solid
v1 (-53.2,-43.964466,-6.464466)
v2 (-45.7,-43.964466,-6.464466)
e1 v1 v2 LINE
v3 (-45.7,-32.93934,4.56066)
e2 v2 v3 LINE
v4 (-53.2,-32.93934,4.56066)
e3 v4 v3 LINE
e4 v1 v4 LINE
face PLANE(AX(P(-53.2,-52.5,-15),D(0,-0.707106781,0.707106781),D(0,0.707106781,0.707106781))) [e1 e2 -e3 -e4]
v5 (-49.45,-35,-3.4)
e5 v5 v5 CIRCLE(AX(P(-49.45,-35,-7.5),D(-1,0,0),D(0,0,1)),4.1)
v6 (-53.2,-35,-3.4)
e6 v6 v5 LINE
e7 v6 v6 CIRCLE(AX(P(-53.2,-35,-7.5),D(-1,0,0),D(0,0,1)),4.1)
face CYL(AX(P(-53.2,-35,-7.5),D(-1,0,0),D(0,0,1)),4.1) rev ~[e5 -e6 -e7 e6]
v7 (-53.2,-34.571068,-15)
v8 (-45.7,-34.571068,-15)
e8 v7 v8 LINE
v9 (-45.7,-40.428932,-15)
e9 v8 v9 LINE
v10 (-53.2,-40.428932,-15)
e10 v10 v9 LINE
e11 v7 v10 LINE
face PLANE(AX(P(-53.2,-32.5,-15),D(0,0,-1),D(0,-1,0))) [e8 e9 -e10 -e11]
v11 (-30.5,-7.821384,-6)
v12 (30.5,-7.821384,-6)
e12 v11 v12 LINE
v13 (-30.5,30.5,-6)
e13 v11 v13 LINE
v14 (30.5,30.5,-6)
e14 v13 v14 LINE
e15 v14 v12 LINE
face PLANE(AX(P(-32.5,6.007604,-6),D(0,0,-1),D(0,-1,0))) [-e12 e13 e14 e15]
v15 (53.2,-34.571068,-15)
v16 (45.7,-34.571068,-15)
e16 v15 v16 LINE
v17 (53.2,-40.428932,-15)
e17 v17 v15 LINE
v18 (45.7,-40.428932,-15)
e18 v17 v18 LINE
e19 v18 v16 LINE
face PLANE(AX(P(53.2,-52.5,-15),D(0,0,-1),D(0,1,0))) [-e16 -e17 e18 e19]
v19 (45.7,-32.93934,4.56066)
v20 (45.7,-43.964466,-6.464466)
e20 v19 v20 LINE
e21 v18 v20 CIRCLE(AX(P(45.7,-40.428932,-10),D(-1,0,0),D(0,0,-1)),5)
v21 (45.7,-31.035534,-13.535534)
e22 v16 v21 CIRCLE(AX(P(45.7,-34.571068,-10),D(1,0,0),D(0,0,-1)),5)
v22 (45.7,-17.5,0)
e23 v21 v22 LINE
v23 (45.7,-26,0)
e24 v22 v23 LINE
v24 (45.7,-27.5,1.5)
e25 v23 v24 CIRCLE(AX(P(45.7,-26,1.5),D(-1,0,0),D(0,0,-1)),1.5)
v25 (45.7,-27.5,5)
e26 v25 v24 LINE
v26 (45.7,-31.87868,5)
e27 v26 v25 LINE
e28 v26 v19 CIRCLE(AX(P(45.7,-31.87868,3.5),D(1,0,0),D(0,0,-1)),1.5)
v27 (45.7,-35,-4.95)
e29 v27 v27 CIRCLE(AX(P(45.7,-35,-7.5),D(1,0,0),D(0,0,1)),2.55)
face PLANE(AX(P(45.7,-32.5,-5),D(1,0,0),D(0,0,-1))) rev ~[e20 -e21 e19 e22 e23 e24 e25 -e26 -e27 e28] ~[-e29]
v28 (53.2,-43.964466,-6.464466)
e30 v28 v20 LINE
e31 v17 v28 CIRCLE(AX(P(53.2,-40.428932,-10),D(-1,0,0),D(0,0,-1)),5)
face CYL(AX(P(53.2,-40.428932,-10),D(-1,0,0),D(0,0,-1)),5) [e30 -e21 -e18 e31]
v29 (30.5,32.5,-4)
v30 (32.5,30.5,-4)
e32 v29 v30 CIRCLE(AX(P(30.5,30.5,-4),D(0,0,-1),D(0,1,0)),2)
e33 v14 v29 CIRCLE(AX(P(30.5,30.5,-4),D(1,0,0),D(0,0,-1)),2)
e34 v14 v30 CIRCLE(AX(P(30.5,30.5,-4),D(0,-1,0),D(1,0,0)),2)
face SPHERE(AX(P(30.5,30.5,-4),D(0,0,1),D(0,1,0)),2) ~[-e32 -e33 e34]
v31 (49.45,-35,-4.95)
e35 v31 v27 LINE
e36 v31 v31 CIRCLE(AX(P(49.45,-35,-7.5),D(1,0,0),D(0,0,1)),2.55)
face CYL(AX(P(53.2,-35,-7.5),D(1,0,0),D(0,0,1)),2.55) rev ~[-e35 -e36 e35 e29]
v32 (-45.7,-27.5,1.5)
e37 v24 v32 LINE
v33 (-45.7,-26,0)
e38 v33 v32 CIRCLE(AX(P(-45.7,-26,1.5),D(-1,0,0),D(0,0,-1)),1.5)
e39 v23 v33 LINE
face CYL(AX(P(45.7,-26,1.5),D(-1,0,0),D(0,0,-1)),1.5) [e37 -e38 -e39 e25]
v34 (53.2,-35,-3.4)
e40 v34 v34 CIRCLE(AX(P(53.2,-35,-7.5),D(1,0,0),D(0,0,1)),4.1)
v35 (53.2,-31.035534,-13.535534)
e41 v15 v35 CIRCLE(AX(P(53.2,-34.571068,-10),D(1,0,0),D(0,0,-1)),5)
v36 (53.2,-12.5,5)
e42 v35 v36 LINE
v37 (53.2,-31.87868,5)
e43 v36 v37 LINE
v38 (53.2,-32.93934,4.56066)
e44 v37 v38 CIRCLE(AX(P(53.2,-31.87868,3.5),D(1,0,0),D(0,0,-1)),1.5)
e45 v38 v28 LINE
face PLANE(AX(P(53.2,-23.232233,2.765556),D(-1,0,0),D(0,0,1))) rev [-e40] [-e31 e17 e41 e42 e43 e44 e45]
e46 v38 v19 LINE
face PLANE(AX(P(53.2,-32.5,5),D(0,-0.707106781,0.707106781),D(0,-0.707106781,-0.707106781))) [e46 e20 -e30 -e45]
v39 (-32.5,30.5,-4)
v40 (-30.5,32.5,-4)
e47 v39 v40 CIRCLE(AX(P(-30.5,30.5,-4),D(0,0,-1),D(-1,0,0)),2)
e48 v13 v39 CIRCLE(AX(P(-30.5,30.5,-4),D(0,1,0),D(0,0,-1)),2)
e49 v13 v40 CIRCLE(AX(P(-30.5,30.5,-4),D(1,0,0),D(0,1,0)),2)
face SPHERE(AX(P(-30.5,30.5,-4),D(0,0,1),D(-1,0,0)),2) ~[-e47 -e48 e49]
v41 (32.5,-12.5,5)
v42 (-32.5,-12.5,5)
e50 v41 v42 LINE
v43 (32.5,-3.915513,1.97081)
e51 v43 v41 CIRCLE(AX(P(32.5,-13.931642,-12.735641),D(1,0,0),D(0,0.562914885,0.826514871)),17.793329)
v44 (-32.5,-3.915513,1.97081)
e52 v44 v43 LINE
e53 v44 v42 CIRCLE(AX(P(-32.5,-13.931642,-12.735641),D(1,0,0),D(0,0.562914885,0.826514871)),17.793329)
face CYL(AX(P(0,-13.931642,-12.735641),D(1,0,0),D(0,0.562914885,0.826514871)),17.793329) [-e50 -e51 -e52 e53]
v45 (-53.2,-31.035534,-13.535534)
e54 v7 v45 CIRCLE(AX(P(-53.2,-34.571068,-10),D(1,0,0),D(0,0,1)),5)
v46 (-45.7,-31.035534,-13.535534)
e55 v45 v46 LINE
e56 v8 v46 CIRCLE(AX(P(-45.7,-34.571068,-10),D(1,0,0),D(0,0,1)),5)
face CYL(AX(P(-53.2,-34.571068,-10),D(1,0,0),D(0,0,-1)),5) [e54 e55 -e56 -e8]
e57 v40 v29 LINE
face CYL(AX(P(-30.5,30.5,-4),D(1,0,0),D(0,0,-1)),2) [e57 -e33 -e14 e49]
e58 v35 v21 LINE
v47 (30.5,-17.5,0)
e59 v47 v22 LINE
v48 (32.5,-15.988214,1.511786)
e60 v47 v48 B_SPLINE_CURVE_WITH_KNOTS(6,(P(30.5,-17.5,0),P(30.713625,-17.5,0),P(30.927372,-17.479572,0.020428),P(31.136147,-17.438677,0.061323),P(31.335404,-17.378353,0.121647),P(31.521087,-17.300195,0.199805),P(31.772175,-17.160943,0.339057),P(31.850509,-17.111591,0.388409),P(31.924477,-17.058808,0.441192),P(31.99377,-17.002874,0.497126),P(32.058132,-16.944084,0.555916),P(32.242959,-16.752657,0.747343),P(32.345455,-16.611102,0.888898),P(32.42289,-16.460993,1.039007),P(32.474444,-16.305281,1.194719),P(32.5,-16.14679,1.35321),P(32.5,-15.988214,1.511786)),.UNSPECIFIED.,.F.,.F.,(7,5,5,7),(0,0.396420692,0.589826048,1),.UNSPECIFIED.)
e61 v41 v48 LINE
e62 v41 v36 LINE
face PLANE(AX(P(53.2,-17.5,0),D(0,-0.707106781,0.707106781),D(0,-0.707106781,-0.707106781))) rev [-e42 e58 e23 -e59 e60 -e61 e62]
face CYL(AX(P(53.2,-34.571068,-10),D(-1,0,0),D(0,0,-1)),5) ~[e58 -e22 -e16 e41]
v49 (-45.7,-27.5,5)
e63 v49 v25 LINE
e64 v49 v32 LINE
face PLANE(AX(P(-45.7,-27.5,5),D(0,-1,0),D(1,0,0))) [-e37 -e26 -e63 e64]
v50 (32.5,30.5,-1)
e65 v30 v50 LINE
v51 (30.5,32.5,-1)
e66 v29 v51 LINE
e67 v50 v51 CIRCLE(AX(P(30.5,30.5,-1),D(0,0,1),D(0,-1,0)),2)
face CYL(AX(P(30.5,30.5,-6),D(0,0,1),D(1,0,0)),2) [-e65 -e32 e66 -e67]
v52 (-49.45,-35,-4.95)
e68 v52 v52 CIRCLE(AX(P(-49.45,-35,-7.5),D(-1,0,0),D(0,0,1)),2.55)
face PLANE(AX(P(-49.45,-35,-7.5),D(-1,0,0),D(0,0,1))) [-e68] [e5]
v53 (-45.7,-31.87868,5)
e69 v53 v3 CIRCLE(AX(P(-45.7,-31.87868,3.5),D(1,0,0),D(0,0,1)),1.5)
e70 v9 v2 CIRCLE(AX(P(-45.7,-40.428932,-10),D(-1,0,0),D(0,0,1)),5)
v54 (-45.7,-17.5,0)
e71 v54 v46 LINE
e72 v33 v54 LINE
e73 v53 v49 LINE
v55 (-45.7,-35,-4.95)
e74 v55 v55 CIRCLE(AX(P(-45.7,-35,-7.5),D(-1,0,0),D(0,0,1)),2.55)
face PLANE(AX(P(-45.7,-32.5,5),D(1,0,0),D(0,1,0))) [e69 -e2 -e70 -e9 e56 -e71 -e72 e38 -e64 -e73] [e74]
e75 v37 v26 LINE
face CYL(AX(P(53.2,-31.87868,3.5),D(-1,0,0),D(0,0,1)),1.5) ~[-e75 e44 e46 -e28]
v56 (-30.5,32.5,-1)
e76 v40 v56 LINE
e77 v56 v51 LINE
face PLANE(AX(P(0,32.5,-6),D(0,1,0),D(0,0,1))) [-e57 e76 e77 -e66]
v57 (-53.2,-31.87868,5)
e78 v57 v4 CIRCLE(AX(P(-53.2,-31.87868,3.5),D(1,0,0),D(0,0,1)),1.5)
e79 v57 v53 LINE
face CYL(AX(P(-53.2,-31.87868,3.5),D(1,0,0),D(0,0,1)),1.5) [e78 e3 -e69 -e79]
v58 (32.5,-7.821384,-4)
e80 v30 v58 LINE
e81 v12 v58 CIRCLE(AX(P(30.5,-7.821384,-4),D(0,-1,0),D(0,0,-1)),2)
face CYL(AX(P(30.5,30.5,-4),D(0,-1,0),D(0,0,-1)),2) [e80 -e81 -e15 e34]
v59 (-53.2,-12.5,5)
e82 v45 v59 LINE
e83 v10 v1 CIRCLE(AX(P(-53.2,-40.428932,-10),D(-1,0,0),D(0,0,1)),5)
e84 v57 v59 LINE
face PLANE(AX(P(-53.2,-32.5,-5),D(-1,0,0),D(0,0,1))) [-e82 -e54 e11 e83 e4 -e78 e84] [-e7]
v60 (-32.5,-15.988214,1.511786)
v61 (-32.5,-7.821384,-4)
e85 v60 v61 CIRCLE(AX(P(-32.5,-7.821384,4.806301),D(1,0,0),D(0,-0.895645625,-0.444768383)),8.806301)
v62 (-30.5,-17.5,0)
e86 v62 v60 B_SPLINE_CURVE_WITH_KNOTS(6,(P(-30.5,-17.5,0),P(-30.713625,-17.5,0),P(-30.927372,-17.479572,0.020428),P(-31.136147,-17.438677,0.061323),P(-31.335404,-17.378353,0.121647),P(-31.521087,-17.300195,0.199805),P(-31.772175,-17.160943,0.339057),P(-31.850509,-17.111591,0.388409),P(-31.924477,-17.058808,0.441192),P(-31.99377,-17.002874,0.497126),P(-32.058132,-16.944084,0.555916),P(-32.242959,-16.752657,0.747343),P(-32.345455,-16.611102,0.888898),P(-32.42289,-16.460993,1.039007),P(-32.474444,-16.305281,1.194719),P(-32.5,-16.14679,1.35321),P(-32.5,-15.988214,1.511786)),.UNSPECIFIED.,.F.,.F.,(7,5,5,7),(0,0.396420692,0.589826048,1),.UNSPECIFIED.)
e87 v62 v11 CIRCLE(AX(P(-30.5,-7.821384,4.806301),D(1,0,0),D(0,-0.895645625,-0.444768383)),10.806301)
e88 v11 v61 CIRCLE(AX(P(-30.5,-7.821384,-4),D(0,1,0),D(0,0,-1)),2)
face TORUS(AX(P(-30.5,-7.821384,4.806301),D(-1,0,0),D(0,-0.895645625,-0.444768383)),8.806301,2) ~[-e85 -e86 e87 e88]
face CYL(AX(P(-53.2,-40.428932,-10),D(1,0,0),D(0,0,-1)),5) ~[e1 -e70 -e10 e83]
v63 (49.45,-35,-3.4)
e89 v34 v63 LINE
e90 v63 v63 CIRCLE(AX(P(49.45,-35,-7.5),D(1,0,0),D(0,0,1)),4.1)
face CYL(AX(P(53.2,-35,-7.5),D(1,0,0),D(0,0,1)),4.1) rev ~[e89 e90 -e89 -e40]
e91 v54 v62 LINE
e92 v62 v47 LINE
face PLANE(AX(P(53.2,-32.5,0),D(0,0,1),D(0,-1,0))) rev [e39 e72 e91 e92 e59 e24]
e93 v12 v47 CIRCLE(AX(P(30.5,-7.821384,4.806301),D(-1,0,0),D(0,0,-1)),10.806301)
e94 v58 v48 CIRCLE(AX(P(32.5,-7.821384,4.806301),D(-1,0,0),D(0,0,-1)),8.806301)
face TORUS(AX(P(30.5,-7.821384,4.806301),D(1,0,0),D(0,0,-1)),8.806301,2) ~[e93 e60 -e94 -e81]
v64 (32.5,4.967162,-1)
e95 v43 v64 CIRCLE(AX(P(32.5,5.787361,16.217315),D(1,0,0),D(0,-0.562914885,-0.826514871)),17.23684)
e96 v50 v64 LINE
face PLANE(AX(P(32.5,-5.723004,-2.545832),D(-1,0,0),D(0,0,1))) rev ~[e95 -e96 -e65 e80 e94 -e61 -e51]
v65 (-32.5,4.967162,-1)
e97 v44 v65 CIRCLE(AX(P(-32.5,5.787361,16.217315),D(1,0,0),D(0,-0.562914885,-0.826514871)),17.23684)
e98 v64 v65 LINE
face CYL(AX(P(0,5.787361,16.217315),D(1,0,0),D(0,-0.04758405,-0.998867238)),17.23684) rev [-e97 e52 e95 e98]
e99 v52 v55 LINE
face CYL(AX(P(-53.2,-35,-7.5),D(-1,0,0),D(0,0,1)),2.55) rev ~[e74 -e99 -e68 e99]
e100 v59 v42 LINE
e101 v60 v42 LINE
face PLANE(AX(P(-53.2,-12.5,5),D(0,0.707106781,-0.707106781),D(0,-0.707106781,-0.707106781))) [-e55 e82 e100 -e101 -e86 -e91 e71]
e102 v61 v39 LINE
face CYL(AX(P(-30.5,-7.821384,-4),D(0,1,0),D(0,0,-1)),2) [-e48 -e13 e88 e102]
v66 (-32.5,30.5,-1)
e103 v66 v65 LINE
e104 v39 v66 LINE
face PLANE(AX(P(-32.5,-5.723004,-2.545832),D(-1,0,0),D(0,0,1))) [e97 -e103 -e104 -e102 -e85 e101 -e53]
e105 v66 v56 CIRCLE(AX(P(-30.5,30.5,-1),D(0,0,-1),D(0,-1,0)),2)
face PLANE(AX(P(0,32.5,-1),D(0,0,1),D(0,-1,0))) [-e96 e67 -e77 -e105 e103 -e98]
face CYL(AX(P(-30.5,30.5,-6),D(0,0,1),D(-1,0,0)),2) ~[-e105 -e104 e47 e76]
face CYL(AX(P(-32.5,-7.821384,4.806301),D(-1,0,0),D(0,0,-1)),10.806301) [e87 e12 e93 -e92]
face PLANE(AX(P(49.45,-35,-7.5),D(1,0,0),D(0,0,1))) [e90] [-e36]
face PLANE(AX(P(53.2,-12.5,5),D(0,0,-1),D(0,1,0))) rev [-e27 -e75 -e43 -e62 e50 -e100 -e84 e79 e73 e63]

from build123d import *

# Parameters (mm, degrees)
SKETCH1_W           = 65
SKETCH1_H           = 65
BOSS_EXTRUDE1_DEPTH = 5
BOSS_EXTRUDE3_DEPTH = 7.5
BOSS_EXTRUDE5_DEPTH = 85.7
SKETCH8_R           = 2.55
CUT_EXTRUDE4_DEPTH  = 102.615648401
SKETCH8_3_R         = 4.1
SKETCH8_3_R_2       = 2.55
CUT_EXTRUDE5_DEPTH  = 3.75
SKETCH9_R           = 2.55
BOSS_EXTRUDE6_DEPTH = 7.5
SKETCH10_R          = 4.1
CUT_EXTRUDE6_DEPTH  = 3.75
BOSS_EXTRUDE7_DEPTH = 32.5
CUT_EXTRUDE7_DEPTH  = 32.5
FILLET1_R           = 5
SKETCH14_W          = 91.4
SKETCH14_H          = 5
CUT_EXTRUDE8_DEPTH  = 10
FILLET2_R           = 1.5
FILLET7_R           = 2
BOSS_EXTRUDE9_DEPTH = 65
FILLET9_R           = 2


with BuildPart() as part:
    # Sketch1 → Boss-Extrude1 (new body)
    with BuildSketch(Plane.XY):
        Rectangle(SKETCH1_W, SKETCH1_H)
    extrude(amount=BOSS_EXTRUDE1_DEPTH)



with BuildPart() as body_2:
    # Sketch4 → Boss-Extrude3 (new body)
    with BuildSketch(Plane.ZY.offset(53.2)):
        Polygon((5, -12.5), (-15, -32.5), (-15, -52.5), (5, -32.5), align=None)
    extrude(amount=-BOSS_EXTRUDE3_DEPTH)


with BuildPart() as part_1:
    add(part.part)

    add(body_2.part)  # Boss-Extrude5 merges body 2
    # Sketch7 → Boss-Extrude5 (add)
    with BuildSketch(Plane(origin=(-53.2, 0, 0), x_dir=(0, 0, -1), z_dir=(1, 0, 0))):
        Polygon((-5, -32.5), (0, -32.5), (0, -17.5), (-5, -12.5), align=None)
    boss_extrude5 = extrude(amount=BOSS_EXTRUDE5_DEPTH)

    # Sketch8 → Cut-Extrude4 (cut, through all)
    with BuildSketch(Plane.ZY.offset(53.2)):
        with Locations((-7.5, -35)):
            Circle(SKETCH8_R)
    extrude(amount=-CUT_EXTRUDE4_DEPTH, mode=Mode.SUBTRACT)

    # Sketch8<3> → Cut-Extrude5 (cut)
    with BuildSketch(Plane.ZY.offset(53.2)):
        with Locations((-7.5, -35)):
            Circle(SKETCH8_3_R)
        with Locations((-7.5, -35)):
            Circle(SKETCH8_3_R_2, mode=Mode.SUBTRACT)
    extrude(amount=-CUT_EXTRUDE5_DEPTH, mode=Mode.SUBTRACT)

    # Mirror5: Boss-Extrude5 across plane
    add(boss_extrude5.mirror(Plane(origin=(0, 0, 0), x_dir=(0, 0, 1), z_dir=(1, 0, 0))))

    # Sketch9 → Boss-Extrude6 (add)
    with BuildSketch(Plane(origin=(53.2, 0, 0), x_dir=(0, 0, -1), z_dir=(1, 0, 0))):
        Polygon((0, -17.5), (-5, -12.5), (-5, -32.5), (15, -52.5), (15, -32.5), align=None)
        with Locations(Location((7.5, -35, 0), (0, 0, 180))):
            Circle(SKETCH9_R, mode=Mode.SUBTRACT)
    extrude(amount=-BOSS_EXTRUDE6_DEPTH)

    # Sketch10 → Cut-Extrude6 (cut)
    with BuildSketch(Plane(origin=(53.2, 0, 0), x_dir=(0, 0, -1), z_dir=(1, 0, 0))):
        with Locations(Location((7.5, -35, 0), (0, 0, 180))):
            Circle(SKETCH10_R)
    extrude(amount=-CUT_EXTRUDE6_DEPTH, mode=Mode.SUBTRACT)

    # Sketch11 → Boss-Extrude7 (add, symmetric)
    with BuildSketch(Plane(origin=(0, 0, 0), x_dir=(0, 0, -1), z_dir=(1, 0, 0))):
        with BuildLine():
            Line((-5, -12.5), (-5, -32.5))
            Line((-5, -32.5), (0, -32.5))
            Line((0, -32.5), (0, -17.5))
            ThreePointArc((0, -17.5), (1.245268577, -11.245121626), (3.482006161, -5.272584286))
            ThreePointArc((3.482006161, -5.272584286), (5.362849311, 0.228699546), (6, 6.007603745))
            Line((6, 6.007603745), (6, 32.5))
            Line((6, 32.5), (1, 32.5))
            Line((1, 32.5), (1, 4.967162469))
            ThreePointArc((1, 4.967162469), (0.129503325, 0.320168795), (-1.970810175, -3.915512716))
            ThreePointArc((-1.970810175, -3.915512716), (-4.043682345, -8.010758246), (-5, -12.5))
        make_face()
    extrude(amount=BOSS_EXTRUDE7_DEPTH, both=True)

    # Sketch13 → Cut-Extrude7 (cut, symmetric)
    with BuildSketch(Plane(origin=(0, 0, 0), x_dir=(0, 0, -1), z_dir=(1, 0, 0))):
        with BuildLine():
            ThreePointArc((-1.970810175, -3.915512716), (-4.043682345, -8.010758246), (-5, -12.5))
            Line((-5, -12.5), (-5, 32.5))
            Line((-5, 32.5), (1, 32.5))
            Line((1, 32.5), (1, 4.967162469))
            ThreePointArc((1, 4.967162469), (0.129503325, 0.320168795), (-1.970810175, -3.915512716))
        make_face()
    extrude(amount=CUT_EXTRUDE7_DEPTH, both=True, mode=Mode.SUBTRACT)

    # Fillet1
    fillet1_edges = [part_1.edges().sort_by_distance(p)[0] for p in [
        (-49.45, -32.5, -15),
        (-49.45, -52.5, -15),
        (49.45, -32.5, -15),
        (49.45, -52.5, -15),
    ]]
    fillet(fillet1_edges, radius=FILLET1_R)

    # Sketch14 → Cut-Extrude8 (cut)
    with BuildSketch(Plane.XY.offset(5)):
        with Locations((0, -30)):
            Rectangle(SKETCH14_W, SKETCH14_H)
    extrude(amount=-CUT_EXTRUDE8_DEPTH, mode=Mode.SUBTRACT)

    # Fillet2
    fillet2_edges = [part_1.edges().sort_by_distance(p)[0] for p in [
        (0, -27.5, 0),
        (49.45, -32.5, 5),
        (-49.45, -32.5, 5),
    ]]
    fillet(fillet2_edges, radius=FILLET2_R)

    # Fillet7
    fillet7_edges = [part_1.edges().sort_by_distance(p)[0] for p in [
        (32.5, 32.5, -3.5),
        (-32.5, 32.5, -3.5),
    ]]
    fillet(fillet7_edges, radius=FILLET7_R)

    # Sketch16 → Boss-Extrude9 (add)
    with BuildSketch(Plane.ZY.offset(32.5)):
        with BuildLine():
            Line((-6, 6.007603745), (-6, -7.821383753))
            ThreePointArc((-6, -7.821383753), (-4.378318661, -13.515143769), (0, -17.5))
            Line((0, -17.5), (2.89677664, -14.60322336))
            Line((2.89677664, -14.60322336), (-3.112770549, 6.007603745))
            Line((-3.112770549, 6.007603745), (-6, 6.007603745))
        make_face()
    extrude(amount=-BOSS_EXTRUDE9_DEPTH)

    # Fillet9
    fillet9_edges = [part_1.edges().sort_by_distance(p)[0] for p in [
        (32.5, 11.339308123, -6),
        (-32.5, 11.339308123, -6),
        (0, 32.5, -6),
        (31.914213562, 31.914213562, -6),
        (-31.914213562, 31.914213562, -6),
        (-32.5, -13.515143769, -4.378318661),
        (32.5, -13.515143769, -4.378318661),
    ]]
    fillet(fillet9_edges, radius=FILLET9_R)


solid = part_1.part
